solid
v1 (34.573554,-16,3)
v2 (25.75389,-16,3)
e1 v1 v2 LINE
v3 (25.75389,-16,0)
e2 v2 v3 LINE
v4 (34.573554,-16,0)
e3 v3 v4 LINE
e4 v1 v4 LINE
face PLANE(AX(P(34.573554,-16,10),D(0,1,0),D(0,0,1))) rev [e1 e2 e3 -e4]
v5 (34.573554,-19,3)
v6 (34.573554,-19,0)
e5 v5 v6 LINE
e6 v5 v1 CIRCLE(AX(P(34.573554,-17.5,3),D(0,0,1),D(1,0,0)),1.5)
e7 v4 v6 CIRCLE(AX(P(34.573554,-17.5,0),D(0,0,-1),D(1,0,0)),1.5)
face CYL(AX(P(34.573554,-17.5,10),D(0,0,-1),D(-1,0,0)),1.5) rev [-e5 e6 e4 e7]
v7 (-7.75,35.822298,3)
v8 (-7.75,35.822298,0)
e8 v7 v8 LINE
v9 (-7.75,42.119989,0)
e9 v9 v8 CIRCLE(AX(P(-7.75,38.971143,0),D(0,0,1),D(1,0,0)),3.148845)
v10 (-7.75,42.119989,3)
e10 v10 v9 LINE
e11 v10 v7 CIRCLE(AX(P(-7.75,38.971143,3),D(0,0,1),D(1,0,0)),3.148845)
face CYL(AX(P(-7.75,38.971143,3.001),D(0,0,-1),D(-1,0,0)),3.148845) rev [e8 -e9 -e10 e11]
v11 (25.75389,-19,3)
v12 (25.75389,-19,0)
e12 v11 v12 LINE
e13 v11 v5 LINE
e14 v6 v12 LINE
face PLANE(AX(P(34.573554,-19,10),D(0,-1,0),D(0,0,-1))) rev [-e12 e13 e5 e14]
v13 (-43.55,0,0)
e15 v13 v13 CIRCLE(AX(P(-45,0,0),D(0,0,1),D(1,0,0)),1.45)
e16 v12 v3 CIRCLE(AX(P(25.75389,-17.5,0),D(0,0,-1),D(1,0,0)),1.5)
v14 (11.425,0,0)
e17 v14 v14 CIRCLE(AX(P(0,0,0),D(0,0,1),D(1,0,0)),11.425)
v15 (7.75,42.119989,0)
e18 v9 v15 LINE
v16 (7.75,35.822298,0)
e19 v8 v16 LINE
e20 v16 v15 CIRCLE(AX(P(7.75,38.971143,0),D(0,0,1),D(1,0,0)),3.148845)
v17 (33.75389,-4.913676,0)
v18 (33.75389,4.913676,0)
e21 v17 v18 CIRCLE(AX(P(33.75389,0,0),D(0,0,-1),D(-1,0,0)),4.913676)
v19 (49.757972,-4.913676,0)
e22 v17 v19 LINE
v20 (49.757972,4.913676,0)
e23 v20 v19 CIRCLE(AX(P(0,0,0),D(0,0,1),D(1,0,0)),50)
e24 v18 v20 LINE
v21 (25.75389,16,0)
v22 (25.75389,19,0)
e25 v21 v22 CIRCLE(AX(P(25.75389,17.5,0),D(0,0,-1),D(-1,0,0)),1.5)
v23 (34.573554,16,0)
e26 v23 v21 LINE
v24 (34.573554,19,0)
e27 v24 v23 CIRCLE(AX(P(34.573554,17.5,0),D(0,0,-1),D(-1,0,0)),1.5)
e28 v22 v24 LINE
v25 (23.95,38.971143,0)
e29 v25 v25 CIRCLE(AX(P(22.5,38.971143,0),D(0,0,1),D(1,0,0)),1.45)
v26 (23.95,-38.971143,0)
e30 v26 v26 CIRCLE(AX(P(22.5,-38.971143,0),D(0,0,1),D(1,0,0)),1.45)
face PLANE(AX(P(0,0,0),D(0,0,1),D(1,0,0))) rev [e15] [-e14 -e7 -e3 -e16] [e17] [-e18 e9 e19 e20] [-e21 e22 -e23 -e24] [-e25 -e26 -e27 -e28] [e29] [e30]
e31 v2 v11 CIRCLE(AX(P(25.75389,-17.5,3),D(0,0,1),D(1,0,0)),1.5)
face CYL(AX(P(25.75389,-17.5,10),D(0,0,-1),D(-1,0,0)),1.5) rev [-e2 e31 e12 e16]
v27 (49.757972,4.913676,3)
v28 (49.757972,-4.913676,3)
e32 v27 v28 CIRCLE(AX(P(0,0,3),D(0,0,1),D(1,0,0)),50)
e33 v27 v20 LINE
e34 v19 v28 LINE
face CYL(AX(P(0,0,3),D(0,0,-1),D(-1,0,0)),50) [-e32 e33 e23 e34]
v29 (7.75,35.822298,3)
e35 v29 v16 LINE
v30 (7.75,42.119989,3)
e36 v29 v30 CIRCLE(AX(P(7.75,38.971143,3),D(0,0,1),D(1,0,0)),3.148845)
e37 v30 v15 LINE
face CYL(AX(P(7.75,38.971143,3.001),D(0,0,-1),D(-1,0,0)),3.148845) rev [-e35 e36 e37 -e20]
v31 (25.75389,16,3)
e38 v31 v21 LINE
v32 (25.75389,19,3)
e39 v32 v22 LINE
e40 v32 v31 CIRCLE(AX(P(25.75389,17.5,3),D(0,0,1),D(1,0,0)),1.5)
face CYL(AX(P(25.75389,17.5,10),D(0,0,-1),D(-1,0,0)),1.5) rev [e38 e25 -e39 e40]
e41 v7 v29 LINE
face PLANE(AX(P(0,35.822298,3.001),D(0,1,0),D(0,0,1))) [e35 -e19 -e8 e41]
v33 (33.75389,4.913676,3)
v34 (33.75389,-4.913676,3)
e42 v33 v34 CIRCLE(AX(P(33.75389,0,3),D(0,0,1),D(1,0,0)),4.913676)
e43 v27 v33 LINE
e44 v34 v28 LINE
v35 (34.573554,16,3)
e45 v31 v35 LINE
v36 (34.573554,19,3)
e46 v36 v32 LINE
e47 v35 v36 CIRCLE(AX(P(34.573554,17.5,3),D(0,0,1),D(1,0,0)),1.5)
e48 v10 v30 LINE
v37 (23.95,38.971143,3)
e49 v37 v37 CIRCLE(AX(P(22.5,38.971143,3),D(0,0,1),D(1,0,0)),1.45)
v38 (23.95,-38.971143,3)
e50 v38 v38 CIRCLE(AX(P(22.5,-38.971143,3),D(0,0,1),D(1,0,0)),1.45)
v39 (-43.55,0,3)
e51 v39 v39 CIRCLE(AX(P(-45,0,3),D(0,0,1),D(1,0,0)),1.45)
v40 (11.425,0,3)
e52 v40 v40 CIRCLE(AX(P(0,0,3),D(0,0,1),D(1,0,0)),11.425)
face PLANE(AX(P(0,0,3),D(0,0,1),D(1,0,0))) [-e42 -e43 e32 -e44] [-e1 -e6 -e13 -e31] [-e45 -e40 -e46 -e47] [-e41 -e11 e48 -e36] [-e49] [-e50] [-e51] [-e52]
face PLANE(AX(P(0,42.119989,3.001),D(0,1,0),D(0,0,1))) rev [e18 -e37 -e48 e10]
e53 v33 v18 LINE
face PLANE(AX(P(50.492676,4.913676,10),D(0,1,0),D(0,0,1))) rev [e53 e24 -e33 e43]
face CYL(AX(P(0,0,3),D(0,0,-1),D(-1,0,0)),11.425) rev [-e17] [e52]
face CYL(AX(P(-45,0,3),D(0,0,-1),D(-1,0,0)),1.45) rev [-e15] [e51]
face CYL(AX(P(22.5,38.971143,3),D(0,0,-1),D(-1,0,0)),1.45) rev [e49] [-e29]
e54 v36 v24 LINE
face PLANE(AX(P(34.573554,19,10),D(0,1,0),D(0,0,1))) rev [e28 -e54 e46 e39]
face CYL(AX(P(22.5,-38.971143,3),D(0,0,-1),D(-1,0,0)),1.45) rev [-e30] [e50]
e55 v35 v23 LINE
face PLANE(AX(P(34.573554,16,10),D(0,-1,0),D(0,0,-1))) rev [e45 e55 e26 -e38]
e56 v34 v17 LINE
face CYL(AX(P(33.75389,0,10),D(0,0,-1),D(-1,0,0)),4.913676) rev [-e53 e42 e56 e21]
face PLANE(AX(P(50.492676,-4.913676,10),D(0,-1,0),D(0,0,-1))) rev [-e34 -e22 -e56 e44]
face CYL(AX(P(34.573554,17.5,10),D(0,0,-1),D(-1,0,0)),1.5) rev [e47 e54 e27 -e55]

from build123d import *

# Parameters (mm, degrees)
SKETCH1_R           = 50
SKETCH1_R_2         = 1.45
SKETCH1_R_3         = 11.425
BOSS_EXTRUDE1_DEPTH = 3
CUT_EXTRUDE4_REACH  = 72.774
CUT_EXTRUDE3_DEPTH  = 10


with BuildPart() as part:
    # Sketch1 → Boss-Extrude1 (new body)
    with BuildSketch(Plane.XY):
        Circle(SKETCH1_R)
        with Locations((22.5, -38.97114317)):
            Circle(SKETCH1_R_2, mode=Mode.SUBTRACT)
        with Locations((-45, 0)):
            Circle(SKETCH1_R_2, mode=Mode.SUBTRACT)
        Circle(SKETCH1_R_3, mode=Mode.SUBTRACT)
        with Locations((22.5, 38.97114317)):
            Circle(SKETCH1_R_2, mode=Mode.SUBTRACT)
    extrude(amount=BOSS_EXTRUDE1_DEPTH)

    # Sketch1_6 → Cut-Extrude4 (cut, up to next)
    with BuildSketch(Plane.XY, mode=Mode.PRIVATE) as cut_extrude4_sk1:
        with BuildLine():
            Line((7.75, 42.119988573), (-7.75, 42.119988573))
            ThreePointArc((-7.75, 42.119988573), (-10.898845402, 38.97114317), (-7.75, 35.822297768))
            Line((-7.75, 35.822297768), (7.75, 35.822297768))
            ThreePointArc((7.75, 35.822297768), (10.898845402, 38.97114317), (7.75, 42.119988573))
        make_face()
    cut_extrude4_tool1 = extrude(cut_extrude4_sk1.sketch, amount=CUT_EXTRUDE4_REACH, mode=Mode.PRIVATE) & part.part
    add(cut_extrude4_tool1.solids().sort_by_distance((0, 38.971143, 0))[0], mode=Mode.SUBTRACT)

    # Sketch2 → Cut-Extrude3 (cut)
    with BuildSketch(Plane(origin=(0, 0, 0), x_dir=(-1, 0, 0), z_dir=(0, 0, -1))):
        with BuildLine():
            Line((-50.492676186, 4.91367638), (-33.753889757, 4.91367638))
            ThreePointArc((-33.753889757, 4.91367638), (-28.840213376, 0), (-33.753889757, -4.91367638))
            Line((-33.753889757, -4.91367638), (-50.492676186, -4.91367638))
            ThreePointArc((-50.492676186, -4.91367638), (-55.406352566, 0), (-50.492676186, 4.91367638))
        make_face()
        with BuildLine():
            Line((-34.573554166, 19), (-25.753889757, 19))
            ThreePointArc((-25.753889757, 19), (-24.253889757, 17.5), (-25.753889757, 16))
            Line((-25.753889757, 16), (-34.573554166, 16))
            ThreePointArc((-34.573554166, 16), (-36.073554166, 17.5), (-34.573554166, 19))
        make_face()
        with BuildLine():
            Line((-34.573554166, -19), (-25.753889757, -19))
            ThreePointArc((-25.753889757, -19), (-24.253889757, -17.5), (-25.753889757, -16))
            Line((-25.753889757, -16), (-34.573554166, -16))
            ThreePointArc((-34.573554166, -16), (-36.073554166, -17.5), (-34.573554166, -19))
        make_face()
    extrude(amount=-CUT_EXTRUDE3_DEPTH, mode=Mode.SUBTRACT)


solid = part.part
